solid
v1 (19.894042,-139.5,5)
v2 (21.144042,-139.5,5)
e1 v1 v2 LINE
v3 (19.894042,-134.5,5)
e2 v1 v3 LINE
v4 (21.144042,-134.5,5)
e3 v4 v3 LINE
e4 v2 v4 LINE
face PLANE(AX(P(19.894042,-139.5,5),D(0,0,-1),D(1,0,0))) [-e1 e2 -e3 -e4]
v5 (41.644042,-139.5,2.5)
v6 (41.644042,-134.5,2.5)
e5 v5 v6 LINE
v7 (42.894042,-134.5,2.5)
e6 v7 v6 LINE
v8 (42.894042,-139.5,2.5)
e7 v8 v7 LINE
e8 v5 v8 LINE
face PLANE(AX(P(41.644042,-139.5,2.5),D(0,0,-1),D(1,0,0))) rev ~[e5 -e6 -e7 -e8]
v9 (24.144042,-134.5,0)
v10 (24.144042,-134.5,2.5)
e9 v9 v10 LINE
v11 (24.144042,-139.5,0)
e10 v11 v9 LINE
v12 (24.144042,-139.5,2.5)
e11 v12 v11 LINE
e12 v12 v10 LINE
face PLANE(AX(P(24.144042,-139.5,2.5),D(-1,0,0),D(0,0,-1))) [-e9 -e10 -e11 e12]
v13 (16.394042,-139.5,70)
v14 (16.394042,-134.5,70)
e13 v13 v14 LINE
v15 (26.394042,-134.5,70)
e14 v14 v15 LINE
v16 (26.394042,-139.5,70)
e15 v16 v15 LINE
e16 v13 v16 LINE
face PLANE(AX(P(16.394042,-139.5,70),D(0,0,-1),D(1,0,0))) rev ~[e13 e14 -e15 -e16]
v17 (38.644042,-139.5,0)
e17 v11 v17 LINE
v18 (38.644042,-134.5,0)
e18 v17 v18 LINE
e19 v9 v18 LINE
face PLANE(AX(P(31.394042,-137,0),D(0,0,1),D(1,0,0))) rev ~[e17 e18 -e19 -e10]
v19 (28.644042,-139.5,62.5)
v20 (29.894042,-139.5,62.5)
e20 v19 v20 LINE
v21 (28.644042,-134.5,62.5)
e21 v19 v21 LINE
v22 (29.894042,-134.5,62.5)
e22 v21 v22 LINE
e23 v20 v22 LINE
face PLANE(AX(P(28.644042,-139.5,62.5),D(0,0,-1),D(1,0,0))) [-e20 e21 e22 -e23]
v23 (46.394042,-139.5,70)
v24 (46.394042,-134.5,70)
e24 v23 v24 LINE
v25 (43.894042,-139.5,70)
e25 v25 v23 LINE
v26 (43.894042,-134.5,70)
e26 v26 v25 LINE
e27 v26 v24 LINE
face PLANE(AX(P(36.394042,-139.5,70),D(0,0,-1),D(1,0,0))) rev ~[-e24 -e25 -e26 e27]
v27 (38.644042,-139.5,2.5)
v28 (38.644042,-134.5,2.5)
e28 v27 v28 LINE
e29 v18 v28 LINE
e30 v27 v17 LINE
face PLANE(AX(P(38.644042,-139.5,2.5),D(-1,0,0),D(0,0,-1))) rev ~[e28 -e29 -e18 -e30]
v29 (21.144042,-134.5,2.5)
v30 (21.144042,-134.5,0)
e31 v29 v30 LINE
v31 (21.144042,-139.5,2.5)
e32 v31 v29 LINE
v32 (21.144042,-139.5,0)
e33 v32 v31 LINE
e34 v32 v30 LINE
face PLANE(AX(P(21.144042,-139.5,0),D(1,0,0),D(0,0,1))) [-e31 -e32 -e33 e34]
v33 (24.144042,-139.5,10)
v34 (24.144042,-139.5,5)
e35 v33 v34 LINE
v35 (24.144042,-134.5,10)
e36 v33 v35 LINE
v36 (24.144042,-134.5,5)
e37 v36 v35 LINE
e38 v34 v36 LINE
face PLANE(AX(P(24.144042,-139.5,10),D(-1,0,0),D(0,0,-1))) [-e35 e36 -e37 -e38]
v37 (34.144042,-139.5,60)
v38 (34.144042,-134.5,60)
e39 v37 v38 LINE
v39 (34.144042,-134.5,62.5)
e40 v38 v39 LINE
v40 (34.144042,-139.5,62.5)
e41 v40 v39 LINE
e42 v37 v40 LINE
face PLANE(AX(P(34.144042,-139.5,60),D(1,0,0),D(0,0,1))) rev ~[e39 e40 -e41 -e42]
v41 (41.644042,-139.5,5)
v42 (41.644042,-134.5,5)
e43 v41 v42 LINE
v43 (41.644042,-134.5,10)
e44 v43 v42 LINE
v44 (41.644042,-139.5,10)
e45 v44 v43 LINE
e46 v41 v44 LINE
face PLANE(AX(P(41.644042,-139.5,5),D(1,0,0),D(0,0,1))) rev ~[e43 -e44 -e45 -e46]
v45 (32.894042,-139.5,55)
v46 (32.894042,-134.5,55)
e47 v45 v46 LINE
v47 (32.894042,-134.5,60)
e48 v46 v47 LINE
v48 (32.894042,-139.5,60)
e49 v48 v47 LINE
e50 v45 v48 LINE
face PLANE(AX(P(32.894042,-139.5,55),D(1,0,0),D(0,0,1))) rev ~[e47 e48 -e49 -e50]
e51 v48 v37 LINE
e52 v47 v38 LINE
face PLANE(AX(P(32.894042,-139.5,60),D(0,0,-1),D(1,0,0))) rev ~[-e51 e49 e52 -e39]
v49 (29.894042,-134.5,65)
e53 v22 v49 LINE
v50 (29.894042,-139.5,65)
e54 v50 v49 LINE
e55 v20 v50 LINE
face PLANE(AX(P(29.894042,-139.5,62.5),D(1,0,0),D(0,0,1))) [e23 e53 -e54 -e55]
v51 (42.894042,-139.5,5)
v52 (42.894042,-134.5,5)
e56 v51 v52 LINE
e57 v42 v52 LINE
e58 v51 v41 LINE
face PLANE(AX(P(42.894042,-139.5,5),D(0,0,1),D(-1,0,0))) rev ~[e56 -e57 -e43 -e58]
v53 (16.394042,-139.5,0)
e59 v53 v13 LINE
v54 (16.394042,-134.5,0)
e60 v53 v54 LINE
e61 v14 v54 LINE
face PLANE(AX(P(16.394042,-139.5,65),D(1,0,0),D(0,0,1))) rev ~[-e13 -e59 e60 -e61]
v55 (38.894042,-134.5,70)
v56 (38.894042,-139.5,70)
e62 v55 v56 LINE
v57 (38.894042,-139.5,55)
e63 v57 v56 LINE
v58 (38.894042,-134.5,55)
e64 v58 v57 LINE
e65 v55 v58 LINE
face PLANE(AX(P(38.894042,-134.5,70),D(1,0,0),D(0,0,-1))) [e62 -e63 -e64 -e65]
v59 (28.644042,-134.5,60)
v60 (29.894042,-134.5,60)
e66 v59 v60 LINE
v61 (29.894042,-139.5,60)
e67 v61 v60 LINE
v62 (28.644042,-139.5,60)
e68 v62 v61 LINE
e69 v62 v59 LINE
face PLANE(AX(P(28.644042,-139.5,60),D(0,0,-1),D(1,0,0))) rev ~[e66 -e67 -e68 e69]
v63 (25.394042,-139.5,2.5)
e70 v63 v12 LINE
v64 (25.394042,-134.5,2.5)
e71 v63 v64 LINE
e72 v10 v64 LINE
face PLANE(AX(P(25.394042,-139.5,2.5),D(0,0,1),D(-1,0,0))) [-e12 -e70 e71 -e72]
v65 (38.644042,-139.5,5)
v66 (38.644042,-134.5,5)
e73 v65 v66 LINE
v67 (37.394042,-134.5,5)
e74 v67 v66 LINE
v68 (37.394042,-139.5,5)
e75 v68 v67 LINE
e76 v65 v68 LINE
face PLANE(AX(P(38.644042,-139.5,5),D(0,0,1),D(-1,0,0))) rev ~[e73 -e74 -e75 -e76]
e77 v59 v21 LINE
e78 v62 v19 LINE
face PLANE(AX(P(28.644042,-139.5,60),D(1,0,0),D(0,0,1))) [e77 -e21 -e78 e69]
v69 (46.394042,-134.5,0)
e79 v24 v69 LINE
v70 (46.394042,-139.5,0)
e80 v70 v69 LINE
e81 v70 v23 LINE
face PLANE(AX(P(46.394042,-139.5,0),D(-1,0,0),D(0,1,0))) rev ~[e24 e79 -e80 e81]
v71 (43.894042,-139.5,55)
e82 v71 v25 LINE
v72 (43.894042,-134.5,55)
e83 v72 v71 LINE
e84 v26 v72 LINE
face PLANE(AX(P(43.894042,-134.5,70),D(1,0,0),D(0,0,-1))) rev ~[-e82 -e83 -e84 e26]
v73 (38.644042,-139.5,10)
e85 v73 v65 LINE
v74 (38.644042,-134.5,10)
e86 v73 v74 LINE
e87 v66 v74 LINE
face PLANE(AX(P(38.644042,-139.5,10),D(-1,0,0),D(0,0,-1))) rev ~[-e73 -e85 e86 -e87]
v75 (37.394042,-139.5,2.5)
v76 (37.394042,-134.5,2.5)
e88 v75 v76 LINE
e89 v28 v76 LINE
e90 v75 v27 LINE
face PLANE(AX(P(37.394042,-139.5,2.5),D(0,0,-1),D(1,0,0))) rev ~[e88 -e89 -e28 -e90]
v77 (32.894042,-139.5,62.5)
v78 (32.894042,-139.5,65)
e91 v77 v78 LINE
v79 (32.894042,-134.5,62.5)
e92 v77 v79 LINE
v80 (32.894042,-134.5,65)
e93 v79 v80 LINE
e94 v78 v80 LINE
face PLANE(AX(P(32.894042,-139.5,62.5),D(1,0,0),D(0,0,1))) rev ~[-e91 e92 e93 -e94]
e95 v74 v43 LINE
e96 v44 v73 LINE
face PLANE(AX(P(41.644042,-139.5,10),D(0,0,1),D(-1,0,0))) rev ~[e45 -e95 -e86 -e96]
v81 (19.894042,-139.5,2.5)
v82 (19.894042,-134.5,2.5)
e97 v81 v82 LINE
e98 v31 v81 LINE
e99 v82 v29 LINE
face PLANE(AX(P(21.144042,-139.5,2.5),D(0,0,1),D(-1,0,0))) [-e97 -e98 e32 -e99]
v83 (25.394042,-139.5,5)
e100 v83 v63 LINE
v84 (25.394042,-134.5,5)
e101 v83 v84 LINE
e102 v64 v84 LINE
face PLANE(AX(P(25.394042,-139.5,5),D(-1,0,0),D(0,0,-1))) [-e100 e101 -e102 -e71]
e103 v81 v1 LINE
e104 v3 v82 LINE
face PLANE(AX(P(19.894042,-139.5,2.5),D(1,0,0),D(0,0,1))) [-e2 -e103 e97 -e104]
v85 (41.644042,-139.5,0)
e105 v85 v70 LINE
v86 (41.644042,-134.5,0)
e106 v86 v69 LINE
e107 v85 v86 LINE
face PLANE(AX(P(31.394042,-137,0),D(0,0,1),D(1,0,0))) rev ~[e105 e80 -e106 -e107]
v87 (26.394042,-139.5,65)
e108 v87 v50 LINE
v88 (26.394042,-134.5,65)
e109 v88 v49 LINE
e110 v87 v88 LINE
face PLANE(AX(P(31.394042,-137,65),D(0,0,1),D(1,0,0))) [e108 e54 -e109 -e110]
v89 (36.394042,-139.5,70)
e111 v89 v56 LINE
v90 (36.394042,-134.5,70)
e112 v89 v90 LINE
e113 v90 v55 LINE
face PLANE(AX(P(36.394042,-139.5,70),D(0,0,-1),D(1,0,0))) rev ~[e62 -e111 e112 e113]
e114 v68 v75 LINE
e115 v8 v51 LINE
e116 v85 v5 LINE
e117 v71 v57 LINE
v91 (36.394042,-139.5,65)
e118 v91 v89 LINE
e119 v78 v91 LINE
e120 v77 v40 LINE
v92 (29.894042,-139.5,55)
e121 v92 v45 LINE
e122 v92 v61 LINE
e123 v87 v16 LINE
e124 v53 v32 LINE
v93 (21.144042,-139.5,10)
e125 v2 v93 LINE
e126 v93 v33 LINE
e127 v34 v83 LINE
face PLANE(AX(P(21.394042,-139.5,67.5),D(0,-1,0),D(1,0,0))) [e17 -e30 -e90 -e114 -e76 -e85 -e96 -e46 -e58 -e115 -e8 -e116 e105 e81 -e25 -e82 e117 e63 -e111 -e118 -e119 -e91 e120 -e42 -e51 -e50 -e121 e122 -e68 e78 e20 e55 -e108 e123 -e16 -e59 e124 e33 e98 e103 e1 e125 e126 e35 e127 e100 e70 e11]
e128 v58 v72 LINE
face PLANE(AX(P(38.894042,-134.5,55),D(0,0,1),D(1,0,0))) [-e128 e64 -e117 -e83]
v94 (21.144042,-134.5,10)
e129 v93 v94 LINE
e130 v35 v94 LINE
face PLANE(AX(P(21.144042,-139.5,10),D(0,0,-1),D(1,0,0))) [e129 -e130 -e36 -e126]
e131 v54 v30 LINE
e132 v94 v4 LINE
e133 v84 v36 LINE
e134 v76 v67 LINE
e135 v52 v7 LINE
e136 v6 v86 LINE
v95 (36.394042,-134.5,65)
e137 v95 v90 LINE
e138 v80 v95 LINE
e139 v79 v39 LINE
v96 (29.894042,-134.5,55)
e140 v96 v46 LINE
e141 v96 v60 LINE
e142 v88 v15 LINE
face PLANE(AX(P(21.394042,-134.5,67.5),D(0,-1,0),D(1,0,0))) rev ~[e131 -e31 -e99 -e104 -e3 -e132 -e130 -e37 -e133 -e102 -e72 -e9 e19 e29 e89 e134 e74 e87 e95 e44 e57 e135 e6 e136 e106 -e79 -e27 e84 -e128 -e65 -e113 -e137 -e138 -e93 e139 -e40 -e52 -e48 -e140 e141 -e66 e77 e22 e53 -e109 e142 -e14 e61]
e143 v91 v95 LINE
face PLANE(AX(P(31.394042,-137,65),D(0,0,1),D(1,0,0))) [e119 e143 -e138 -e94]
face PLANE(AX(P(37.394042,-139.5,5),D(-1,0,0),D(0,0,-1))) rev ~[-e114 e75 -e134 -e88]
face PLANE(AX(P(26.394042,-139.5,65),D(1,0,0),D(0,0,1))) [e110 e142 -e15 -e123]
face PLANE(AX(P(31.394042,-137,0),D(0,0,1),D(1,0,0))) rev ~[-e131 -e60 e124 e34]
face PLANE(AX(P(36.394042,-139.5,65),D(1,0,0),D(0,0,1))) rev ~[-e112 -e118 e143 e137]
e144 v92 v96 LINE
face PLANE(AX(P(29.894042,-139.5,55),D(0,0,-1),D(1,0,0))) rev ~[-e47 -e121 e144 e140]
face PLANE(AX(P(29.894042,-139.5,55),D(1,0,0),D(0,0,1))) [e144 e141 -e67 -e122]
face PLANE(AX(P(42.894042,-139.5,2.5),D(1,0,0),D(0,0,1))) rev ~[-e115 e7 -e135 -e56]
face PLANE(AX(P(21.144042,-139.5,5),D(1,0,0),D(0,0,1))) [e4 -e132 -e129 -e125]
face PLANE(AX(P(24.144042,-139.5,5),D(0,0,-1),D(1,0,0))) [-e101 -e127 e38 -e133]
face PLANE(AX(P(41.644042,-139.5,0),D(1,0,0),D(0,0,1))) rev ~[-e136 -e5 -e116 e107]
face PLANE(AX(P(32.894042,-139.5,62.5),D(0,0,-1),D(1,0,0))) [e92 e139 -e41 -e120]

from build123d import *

# Parameters (mm, degrees)
SKETCH1_W           = 30
SKETCH1_H           = 5
BOSS_EXTRUDE1_DEPTH = 65
CUT_EXTRUDE1_DEPTH  = 81.015043264
SKETCH3_W           = 10
SKETCH3_H           = 5
BOSS_EXTRUDE2_DEPTH = 5
SKETCH4_W           = 1.25
SKETCH4_H           = 2.5
SKETCH4_W_2         = 3
SKETCH4_H_2         = 5
CUT_EXTRUDE2_DEPTH  = 85.127327002
SKETCH5_W           = 5
SKETCH5_H           = 15
CUT_EXTRUDE3_DEPTH  = 85.127327002


with BuildPart() as part:
    # Sketch1 → Boss-Extrude1 (new body)
    with BuildSketch(Plane.XY):
        with Locations((31.394042166, -137)):
            Rectangle(SKETCH1_W, SKETCH1_H)
    extrude(amount=BOSS_EXTRUDE1_DEPTH)

    # Sketch2 → Cut-Extrude1 (cut, through all)
    with BuildSketch(Plane.XZ.offset(139.5)):
        Polygon((21.144042166, 10), (24.144042166, 10), (24.144042166, 5), (25.394042166, 5), (25.394042166, 2.5), (24.144042166, 2.5), (24.144042166, 0), (21.144042166, 0), (21.144042166, 2.5), (19.894042166, 2.5), (19.894042166, 5), (21.144042166, 5), align=None)
        Polygon((41.644042166, 10), (38.644042166, 10), (38.644042166, 5), (37.394042166, 5), (37.394042166, 2.5), (38.644042166, 2.5), (38.644042166, 0), (41.644042166, 0), (41.644042166, 2.5), (42.894042166, 2.5), (42.894042166, 5), (41.644042166, 5), align=None)
    extrude(amount=-CUT_EXTRUDE1_DEPTH, mode=Mode.SUBTRACT)

    # Sketch3 → Boss-Extrude2 (add)
    with BuildSketch(Plane.XZ.offset(139.5)):
        with Locations((21.394042166, 67.5)):
            Rectangle(SKETCH3_W, SKETCH3_H)
        with Locations((41.394042166, 67.5)):
            Rectangle(SKETCH3_W, SKETCH3_H)
    extrude(amount=-BOSS_EXTRUDE2_DEPTH)

    # Sketch4 → Cut-Extrude2 (cut, through all)
    with BuildSketch(Plane.XZ.offset(139.5)):
        with Locations((29.269042166, 61.25)):
            Rectangle(SKETCH4_W, SKETCH4_H)
        with Locations((31.394042166, 63.75)):
            Rectangle(SKETCH4_W_2, SKETCH4_H)
        with Locations((31.394042166, 61.25)):
            Rectangle(SKETCH4_W_2, SKETCH4_H)
        with Locations((31.394042166, 57.5)):
            Rectangle(SKETCH4_W_2, SKETCH4_H_2)
        with Locations((33.519042166, 61.25)):
            Rectangle(SKETCH4_W, SKETCH4_H)
    extrude(amount=-CUT_EXTRUDE2_DEPTH, mode=Mode.SUBTRACT)

    # Sketch5 → Cut-Extrude3 (cut, through all)
    with BuildSketch(Plane(origin=(0, -134.5, 0), x_dir=(1, 0, 0), z_dir=(0, 1, 0))):
        with Locations((41.394042166, -62.5)):
            Rectangle(SKETCH5_W, SKETCH5_H)
    extrude(amount=-CUT_EXTRUDE3_DEPTH, mode=Mode.SUBTRACT)


solid = part.part
